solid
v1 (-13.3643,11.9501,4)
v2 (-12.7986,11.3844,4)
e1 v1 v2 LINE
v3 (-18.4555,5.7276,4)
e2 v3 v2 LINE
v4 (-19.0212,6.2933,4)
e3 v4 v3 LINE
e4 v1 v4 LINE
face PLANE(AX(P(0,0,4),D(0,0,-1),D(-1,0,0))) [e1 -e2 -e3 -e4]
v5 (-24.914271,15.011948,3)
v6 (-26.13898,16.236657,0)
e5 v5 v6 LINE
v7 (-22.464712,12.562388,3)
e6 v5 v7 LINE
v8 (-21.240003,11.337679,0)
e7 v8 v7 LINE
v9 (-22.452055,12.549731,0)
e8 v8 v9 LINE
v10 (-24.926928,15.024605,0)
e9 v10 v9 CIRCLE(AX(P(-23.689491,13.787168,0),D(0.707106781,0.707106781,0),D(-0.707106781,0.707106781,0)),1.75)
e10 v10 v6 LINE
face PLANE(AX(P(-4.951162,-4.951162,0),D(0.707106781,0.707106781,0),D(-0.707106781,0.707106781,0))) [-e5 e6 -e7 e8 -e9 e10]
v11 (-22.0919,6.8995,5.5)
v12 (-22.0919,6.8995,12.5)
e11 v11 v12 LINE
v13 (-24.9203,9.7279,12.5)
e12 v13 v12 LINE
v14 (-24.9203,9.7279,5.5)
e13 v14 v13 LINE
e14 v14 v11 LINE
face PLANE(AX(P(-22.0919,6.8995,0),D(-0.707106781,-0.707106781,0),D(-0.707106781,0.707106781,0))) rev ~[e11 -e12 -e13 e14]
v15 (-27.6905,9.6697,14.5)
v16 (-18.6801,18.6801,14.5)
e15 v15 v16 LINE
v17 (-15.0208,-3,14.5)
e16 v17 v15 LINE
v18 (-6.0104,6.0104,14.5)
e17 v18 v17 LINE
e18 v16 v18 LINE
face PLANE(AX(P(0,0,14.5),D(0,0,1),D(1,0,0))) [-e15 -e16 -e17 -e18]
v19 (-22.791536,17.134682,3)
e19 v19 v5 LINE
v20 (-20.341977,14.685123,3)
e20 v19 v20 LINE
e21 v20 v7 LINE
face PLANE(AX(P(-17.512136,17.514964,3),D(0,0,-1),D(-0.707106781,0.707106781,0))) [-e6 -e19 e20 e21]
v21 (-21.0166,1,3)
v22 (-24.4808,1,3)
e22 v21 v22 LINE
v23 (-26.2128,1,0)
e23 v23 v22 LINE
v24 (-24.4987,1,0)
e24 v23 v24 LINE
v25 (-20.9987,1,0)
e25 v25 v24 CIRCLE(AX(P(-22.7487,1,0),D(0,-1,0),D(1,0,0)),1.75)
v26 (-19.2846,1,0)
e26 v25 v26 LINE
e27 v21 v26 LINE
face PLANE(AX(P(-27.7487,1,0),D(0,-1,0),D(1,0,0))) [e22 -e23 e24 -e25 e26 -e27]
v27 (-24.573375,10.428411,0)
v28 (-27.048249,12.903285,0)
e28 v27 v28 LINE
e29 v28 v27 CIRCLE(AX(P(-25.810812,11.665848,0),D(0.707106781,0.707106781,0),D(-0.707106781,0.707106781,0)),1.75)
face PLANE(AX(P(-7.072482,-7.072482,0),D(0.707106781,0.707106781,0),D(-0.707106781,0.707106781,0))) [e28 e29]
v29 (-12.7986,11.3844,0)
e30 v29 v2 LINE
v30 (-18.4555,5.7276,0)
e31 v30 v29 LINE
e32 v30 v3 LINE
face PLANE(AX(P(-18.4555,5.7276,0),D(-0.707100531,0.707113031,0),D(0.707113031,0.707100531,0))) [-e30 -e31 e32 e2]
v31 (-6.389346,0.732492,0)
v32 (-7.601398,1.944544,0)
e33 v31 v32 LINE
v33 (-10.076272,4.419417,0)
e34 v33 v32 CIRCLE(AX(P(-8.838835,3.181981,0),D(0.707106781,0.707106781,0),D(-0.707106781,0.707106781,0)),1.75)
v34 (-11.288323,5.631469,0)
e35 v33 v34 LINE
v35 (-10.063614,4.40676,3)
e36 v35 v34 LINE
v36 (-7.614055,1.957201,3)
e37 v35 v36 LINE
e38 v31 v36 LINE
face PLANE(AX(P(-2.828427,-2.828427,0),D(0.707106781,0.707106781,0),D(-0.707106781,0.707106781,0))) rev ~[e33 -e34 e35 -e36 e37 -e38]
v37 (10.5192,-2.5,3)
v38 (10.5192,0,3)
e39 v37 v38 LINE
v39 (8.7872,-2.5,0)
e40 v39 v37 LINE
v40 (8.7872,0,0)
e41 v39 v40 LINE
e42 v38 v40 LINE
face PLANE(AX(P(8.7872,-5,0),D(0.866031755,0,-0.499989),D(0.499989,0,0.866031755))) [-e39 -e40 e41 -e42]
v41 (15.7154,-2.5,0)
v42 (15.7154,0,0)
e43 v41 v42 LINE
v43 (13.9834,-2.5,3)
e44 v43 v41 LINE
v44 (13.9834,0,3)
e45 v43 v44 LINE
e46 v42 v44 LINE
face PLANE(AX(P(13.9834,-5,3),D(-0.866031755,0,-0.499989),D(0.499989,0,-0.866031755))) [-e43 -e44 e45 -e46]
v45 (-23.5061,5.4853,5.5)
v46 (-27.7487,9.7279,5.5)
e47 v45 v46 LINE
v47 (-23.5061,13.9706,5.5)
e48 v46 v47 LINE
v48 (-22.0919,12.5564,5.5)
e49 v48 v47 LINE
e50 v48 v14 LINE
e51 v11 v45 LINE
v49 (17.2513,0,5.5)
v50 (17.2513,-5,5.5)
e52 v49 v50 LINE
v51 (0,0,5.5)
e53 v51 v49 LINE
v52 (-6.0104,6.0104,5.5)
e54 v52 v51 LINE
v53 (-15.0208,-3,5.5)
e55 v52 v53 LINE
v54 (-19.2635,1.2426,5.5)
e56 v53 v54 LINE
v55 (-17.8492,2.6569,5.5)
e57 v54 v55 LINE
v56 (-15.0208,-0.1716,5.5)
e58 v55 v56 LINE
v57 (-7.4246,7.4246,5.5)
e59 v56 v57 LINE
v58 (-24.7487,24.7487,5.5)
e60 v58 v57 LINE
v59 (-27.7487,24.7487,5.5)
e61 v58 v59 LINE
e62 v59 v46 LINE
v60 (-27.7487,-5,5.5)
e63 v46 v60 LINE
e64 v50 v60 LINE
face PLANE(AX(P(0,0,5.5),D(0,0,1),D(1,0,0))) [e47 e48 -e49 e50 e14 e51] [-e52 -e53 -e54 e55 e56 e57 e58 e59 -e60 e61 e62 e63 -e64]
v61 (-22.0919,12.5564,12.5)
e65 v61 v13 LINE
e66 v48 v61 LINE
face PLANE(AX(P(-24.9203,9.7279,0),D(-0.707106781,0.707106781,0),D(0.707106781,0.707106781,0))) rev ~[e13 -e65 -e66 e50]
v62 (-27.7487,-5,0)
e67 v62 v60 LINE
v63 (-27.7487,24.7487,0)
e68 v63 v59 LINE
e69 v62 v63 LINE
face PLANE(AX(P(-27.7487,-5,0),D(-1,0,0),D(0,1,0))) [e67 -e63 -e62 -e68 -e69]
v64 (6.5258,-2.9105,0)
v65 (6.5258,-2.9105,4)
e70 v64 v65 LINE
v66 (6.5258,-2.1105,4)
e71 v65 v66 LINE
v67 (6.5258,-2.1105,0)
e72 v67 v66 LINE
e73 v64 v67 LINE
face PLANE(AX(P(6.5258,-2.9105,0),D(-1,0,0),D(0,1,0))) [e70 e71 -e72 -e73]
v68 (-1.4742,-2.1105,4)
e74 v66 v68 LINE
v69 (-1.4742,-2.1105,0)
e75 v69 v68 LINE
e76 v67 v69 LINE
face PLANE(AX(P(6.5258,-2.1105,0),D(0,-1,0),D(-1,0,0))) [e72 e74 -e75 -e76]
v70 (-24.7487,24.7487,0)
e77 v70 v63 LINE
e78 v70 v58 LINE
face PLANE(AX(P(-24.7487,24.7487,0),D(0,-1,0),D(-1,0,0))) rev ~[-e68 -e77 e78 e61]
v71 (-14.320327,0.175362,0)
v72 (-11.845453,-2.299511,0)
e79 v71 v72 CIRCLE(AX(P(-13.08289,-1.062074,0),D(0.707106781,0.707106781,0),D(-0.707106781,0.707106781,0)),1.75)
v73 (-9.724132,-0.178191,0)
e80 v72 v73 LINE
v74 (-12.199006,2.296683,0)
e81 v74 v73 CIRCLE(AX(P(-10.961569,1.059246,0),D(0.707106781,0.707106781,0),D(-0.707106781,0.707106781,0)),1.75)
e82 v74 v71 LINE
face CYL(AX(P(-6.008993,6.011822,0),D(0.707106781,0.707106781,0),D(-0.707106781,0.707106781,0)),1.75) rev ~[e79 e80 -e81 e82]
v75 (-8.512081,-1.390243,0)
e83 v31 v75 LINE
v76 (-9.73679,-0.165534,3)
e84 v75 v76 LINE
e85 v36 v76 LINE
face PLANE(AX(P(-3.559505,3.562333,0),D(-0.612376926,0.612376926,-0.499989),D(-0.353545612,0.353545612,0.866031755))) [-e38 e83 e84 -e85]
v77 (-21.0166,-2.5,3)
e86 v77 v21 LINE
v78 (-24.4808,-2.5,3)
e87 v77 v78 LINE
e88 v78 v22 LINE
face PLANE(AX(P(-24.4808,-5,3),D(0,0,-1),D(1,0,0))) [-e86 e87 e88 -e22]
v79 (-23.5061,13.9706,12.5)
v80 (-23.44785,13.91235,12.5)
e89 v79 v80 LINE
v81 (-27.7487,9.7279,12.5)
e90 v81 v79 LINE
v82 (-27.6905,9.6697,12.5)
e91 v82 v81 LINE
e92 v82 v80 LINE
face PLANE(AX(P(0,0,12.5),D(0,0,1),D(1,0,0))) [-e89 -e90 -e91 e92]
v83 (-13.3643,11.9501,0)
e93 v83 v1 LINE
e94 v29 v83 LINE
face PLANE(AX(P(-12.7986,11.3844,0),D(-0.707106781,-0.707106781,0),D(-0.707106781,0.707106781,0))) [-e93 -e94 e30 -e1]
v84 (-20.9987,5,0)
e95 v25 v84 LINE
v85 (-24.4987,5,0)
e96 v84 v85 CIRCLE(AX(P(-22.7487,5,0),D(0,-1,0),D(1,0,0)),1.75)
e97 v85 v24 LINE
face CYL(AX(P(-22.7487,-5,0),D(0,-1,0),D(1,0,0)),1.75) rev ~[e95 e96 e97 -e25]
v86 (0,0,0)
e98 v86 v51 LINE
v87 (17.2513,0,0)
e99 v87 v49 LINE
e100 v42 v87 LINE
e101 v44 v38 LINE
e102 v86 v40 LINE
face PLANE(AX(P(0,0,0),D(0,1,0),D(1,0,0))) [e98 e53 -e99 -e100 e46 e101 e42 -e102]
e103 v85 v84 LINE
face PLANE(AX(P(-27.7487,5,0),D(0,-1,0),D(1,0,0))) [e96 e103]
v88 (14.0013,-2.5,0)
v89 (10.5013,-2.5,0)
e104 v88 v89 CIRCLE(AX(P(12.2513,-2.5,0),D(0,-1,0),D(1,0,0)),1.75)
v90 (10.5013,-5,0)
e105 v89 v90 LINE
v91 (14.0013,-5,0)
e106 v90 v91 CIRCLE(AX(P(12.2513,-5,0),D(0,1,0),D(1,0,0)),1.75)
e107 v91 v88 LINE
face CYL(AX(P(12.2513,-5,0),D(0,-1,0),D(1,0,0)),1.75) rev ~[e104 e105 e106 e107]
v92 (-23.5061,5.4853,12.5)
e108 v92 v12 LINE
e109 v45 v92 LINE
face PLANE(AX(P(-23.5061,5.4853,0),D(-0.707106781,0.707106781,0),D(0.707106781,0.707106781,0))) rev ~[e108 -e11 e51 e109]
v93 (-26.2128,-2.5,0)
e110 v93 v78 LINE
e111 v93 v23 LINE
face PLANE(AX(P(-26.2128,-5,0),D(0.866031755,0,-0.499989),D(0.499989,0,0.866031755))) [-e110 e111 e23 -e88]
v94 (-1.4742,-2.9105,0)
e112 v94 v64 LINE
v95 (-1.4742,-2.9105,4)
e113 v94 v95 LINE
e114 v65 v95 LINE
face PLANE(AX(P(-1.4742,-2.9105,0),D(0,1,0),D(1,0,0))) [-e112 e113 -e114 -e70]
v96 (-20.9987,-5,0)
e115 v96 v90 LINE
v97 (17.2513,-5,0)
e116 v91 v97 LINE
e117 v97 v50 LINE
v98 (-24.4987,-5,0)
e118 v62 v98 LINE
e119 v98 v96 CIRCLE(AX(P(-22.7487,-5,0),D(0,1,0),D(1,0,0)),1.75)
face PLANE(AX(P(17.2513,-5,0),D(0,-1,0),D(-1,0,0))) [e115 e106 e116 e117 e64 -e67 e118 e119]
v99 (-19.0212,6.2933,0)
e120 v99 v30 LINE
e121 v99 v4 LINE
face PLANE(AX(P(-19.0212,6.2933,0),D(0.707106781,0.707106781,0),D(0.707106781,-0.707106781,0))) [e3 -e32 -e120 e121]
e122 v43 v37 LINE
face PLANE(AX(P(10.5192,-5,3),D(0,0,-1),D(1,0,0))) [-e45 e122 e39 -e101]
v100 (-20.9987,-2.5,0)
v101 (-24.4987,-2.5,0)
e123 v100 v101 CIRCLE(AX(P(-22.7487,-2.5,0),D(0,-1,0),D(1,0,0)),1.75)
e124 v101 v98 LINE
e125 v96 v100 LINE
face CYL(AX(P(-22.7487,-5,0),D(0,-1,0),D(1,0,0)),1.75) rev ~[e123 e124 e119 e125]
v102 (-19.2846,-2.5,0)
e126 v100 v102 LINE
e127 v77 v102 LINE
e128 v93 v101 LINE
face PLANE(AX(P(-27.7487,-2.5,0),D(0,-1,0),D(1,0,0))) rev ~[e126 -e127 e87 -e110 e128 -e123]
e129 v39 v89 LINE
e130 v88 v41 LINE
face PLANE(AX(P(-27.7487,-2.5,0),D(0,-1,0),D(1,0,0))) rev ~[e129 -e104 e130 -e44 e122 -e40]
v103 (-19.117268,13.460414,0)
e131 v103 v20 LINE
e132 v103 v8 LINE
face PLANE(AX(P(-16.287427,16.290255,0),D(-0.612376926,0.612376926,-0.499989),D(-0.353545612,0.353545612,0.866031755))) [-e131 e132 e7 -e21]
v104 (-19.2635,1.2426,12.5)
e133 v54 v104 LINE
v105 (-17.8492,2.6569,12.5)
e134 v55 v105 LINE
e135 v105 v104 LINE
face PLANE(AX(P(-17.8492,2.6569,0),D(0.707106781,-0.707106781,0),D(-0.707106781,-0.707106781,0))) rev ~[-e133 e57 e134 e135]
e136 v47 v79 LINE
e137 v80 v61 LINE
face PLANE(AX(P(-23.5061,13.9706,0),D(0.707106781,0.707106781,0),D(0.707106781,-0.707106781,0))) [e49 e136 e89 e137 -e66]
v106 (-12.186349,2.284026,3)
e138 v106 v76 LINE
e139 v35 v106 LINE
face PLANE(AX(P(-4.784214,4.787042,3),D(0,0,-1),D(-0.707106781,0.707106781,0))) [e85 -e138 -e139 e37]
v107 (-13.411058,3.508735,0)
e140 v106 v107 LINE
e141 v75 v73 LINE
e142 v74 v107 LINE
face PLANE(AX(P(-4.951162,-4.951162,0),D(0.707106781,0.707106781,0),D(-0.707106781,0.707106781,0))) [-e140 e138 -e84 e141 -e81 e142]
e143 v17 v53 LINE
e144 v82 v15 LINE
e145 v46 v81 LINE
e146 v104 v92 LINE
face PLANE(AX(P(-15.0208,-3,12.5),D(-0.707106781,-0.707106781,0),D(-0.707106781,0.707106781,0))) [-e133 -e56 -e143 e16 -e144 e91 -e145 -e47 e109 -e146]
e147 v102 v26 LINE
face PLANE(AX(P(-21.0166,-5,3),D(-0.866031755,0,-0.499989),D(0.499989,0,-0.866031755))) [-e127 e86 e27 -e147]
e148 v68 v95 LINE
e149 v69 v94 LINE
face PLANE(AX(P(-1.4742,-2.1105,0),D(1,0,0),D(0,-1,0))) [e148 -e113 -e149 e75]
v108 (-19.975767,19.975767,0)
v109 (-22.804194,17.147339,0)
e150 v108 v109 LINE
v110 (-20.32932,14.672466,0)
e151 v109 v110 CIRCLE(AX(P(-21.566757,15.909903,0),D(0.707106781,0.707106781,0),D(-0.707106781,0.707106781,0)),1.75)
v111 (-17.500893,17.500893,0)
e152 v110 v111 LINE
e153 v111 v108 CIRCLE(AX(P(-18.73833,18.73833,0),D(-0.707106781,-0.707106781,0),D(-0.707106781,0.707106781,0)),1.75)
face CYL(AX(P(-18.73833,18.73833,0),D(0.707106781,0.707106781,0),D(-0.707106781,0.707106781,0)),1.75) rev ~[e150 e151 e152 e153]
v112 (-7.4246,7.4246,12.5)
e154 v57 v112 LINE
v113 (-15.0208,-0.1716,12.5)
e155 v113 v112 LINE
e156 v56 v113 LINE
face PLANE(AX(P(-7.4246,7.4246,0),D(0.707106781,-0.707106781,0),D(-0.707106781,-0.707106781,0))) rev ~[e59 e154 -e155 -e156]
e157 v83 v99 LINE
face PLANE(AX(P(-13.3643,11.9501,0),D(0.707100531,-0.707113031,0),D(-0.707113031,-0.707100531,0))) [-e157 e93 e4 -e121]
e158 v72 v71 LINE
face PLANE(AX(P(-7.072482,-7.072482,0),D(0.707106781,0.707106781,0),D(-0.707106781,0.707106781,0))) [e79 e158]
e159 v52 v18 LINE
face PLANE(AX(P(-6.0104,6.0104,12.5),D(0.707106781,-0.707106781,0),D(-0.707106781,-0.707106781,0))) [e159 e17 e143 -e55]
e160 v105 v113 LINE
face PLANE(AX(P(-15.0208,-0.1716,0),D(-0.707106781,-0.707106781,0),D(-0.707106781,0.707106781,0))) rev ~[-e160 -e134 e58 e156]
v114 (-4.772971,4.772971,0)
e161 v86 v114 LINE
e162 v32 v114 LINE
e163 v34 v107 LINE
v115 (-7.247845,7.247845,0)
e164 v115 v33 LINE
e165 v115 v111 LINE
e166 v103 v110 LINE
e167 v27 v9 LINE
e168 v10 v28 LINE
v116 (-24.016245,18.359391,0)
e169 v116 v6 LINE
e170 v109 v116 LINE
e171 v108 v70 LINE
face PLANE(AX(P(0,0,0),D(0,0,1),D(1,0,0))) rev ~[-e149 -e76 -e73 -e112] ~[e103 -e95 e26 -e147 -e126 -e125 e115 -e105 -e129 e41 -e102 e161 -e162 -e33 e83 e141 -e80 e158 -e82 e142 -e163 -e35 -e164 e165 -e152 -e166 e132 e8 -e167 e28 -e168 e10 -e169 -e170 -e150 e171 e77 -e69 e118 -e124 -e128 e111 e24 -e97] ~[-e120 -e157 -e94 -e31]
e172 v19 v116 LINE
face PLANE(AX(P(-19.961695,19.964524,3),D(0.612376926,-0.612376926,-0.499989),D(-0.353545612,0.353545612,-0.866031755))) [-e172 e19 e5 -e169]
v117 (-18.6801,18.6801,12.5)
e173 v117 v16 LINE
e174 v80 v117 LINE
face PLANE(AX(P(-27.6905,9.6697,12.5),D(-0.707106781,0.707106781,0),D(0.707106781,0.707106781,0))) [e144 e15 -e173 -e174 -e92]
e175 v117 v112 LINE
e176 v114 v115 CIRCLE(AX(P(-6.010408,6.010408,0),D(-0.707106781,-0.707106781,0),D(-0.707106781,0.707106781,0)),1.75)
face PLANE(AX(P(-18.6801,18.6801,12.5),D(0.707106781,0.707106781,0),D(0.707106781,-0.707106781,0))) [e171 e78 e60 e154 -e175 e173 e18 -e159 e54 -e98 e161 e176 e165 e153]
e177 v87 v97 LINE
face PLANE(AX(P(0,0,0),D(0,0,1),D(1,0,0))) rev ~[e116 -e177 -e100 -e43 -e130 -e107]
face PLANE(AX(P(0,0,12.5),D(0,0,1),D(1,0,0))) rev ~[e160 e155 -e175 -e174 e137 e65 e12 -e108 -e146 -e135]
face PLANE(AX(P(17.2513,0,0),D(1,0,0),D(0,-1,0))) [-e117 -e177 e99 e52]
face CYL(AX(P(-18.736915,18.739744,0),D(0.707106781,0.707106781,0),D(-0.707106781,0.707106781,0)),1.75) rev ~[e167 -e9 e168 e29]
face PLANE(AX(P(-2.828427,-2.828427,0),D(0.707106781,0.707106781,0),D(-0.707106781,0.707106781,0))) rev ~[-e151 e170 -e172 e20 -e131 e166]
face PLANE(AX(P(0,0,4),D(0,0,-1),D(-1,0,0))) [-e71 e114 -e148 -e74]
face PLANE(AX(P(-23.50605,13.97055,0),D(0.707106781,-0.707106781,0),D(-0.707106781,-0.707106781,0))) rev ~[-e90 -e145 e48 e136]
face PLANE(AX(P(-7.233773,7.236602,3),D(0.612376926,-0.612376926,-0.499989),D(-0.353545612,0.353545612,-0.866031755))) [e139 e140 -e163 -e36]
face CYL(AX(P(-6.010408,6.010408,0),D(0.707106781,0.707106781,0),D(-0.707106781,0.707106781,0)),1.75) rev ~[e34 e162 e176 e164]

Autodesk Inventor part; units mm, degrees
ref_plane "YZ Plane" through (0, 0, 0) normal (1, 0, 0) x (0, 1, 0)
ref_plane "XZ Plane" through (0, 0, 0) normal (0, 1, 0) x (-1, 0, 0)
ref_plane "XY Plane" through (0, 0, 0) normal (0, 0, 1) x (1, 0, 0)
sketch "Base" plane through (0, 0, 0) normal (0, 0, 1) x (1, 0, 0)
  line L0 (0, 0) -> (-24.7487, 24.7487)
  line L1 (0, 0) -> (35, 0) construction
  line L2 (-24.7487, 24.7487) -> (-24.7487, 0)
  line L3 (-24.7487, 0) -> (0, 0)
  line L4 (-24.7487, 24.7487) -> (-27.7487, 24.7487)
  line L5 (-27.7487, 24.7487) -> (-27.7487, 0)
  line L6 (-27.7487, 0) -> (-24.7487, 0)
  line L7 (-24.7487, 0) -> (-24.7487, 24.7487)
  line L8 (-27.7487, 0) -> (17.2513, 0)
  line L9 (17.2513, 0) -> (17.2513, -5)
  line L10 (17.2513, -5) -> (-27.7487, -5)
  line L11 (-27.7487, -5) -> (-27.7487, 0)
  line L12 (3, 15.0208) -> (-9.7279, 27.7487)
  line L13 (-9.7279, 27.7487) -> (-27.7487, 9.7279)
  line L14 (-27.7487, 9.7279) -> (-15.0208, -3)
  line L15 (-15.0208, -3) -> (3, 15.0208)
  line L16 (3, 15.0208) -> (-27.7487, 9.7279) construction
  line L17 (-9.7279, 27.7487) -> (-15.0208, -3) construction
  line L18 (-24.9203, 9.7279) -> (-9.7279, 24.9203)
  line L19 (-9.7279, 24.9203) -> (0.1716, 15.0208)
  line L20 (0.1716, 15.0208) -> (-15.0208, -0.1716)
  line L21 (-15.0208, -0.1716) -> (-24.9203, 9.7279)
  line L22 (-18.7383, 18.7383) -> (-17.3241, 17.3241)
  line L23 (-7.4246, 7.4246) -> (-6.0104, 6.0104)
  line L24 (-27.7487, 9.7279) -> (-23.5061, 13.9706)
  line L25 (-23.5061, 13.9706) -> (-22.0919, 12.5564)
  line L26 (-22.0919, 12.5564) -> (-26.3345, 8.3137)
  line L27 (-26.3345, 8.3137) -> (-27.7487, 9.7279)
  line L28 (-23.5061, 5.4853) -> (-19.2635, 1.2426)
  line L29 (-16.435, 4.0711) -> (-23.5061, 5.4853) construction
  line L30 (-20.6777, 8.3137) -> (-19.2635, 1.2426) construction
  line L31 (-6.0104, 6.0104) -> (-7.4246, 7.4246)
  line L32 (-7.4246, 7.4246) -> (-16.435, -1.5858)
  line L33 (-16.435, -1.5858) -> (-15.0208, -3)
  line L34 (-15.0208, -3) -> (-6.0104, 6.0104)
  line L35 (-15.0208, -0.1716) -> (-17.8492, 2.6569)
  line L36 (-17.8492, 2.6569) -> (-19.2635, 1.2426)
  line L37 (-19.2635, 1.2426) -> (-16.435, -1.5858)
  line L38 (-16.435, -1.5858) -> (-15.0208, -0.1716)
  line L39 (-26.3345, 8.3137) -> (-23.5061, 5.4853)
  line L40 (-23.5061, 5.4853) -> (-22.0919, 6.8995)
  line L41 (-22.0919, 6.8995) -> (-24.9203, 9.7279)
  line L42 (-24.9203, 9.7279) -> (-26.3345, 8.3137)
  point P0 (-12.3744, 12.3744)
  point P1 (-19.9706, 4.7782)
  dimension "d0" = 35
  dimension "d1" = 135
  dimension "d2" = 3
  dimension "d3" = 45
  dimension "d4" = 5
  dimension "d5" = 18
  dimension "d6" = 2
  dimension "d7" = 6
extrude "Extrusion1" add sketch "Base" along normal blind 5.5 contours L3 L15 L0 | L8 L9 L10 L11 L6 L3 L14 L15 | L15 L3 L20 L0 | L15 L14 L32 L20 L3 | L20 L3 L21 L2 L18 L0 | L20 L21 L3 | L18 L25 L13 L0 | L21 L32 L14 L3 | L3 L14 L36 L21 | L13 L2 L0 | L18 L2 L13 L25 | L3 L2 L14 | L36 L14 L40 L21 | L5 L14 L2 L6 | L2 L13 L5 L4 | L18 L26 L14 L13 L2 | L2 L21 L18 | L40 L14 L2 L21 | L2 L14 L26 L21
extrude "Extrusion2" add sketch "Base" along normal blind 12.5 contours L15 L3 L20 L0 | L15 L14 L32 L20 L3 | L21 L32 L14 L3 | L3 L14 L36 L21 | L18 L2 L13 L25 | L18 L26 L14 L13 L2 | L40 L14 L2 L21 | L2 L14 L26 L21
sketch "TouchProtection" plane through (0, 0, 12.5) normal (0, 0, 1) x (1, 0, 0)
  line L0 (-6.0104, 6.0104) -> (-15.0208, -3) projected
  line L1 (-6.0104, 6.0104) -> (-15.0208, -3)
  line L2 (-15.0208, -3) -> (-27.6905, 9.6697)
  line L3 (-27.6905, 9.6697) -> (-18.6801, 18.6801)
  line L4 (-18.6801, 18.6801) -> (-6.0104, 6.0104)
  point P0 (0, 0)
extrude "Extrusion3" add sketch "TouchProtection" along normal blind 2
sketch "MountingHolesBottom" plane through (-27.7487, -5, 0) normal (0, -1, 0) x (1, 0, 0)
  line L0 (0, 0) -> (5, 0)
  line L1 (45, 0) -> (40, 0)
  circle A0 centre (5, 0) radius 1.75
  circle A1 centre (40, 0) radius 1.75
  line L2 (5, 0) -> (5, 3)
  line L3 (5, 0) -> (8, 0) construction
  line L4 (6.7321, 3) -> (8.4641, 0)
  line L5 (8.4641, 0) -> (6.7321, -3)
  line L6 (6.7321, -3) -> (3.2679, -3)
  line L7 (3.2679, -3) -> (1.5359, 0)
  line L8 (1.5359, 0) -> (3.2679, 3)
  line L9 (3.2679, 3) -> (6.7321, 3)
  line L10 (40, 0) -> (40, 3)
  line L11 (41.7321, 3) -> (43.4641, 0)
  line L12 (43.4641, 0) -> (41.7321, -3)
  line L13 (41.7321, -3) -> (38.2679, -3)
  line L14 (38.2679, -3) -> (36.5359, 0)
  line L15 (36.5359, 0) -> (38.2679, 3)
  line L16 (38.2679, 3) -> (41.7321, 3)
  line L17 (1.5359, 0) -> (43.4641, 0)
  point P0 (27.7487, 0)
  dimension "d15" = 5
  dimension "d16" = 5
  dimension "d17" = 3.5
  dimension "d18" = 3.5
  dimension "d19" = 3
  dimension "d20" = 90
  dimension "d21" = 3
extrude "Extrusion4" cut sketch "MountingHolesBottom" against normal blind 10 contours A0 L2 L0 | L0 L17 A0 | L2 A0 L17 | L17 L1 A1 | A1 L10 L17 | A1 L1 L10
extrude "Extrusion5" cut sketch "MountingHolesBottom" against normal blind 6 contours L8 L9 L2 A0 L0 | L0 A0 L17 L5 L6 L7 | L15 L16 L10 A1 L17 | L17 A1 L1 L12 L13 L14 | L2 L9 L4 L17 A0 | L16 L11 L1 A1 L10
extrude "Extrusion6" add sketch "MountingHolesBottom" against normal blind 2.5 contours L8 L9 L2 A0 L0 | L0 A0 L17 L5 L6 L7 | L15 L16 L10 A1 L17 | L17 A1 L1 L12 L13 L14 | L2 L9 L4 L17 A0 | L16 L11 L1 A1 L10
sketch "MountingHolesE27" plane through (0, 0, 0) normal (0.7071, 0.7071, 0) x (-0.7071, 0.7071, 0)
  line L0 (0, 0) -> (0, 5.5) projected
  line L1 (0, 0) -> (8.5, 0)
  line L2 (0, 0) -> (35, 0) projected
  line L3 (8.5, 0) -> (26.5, 0)
  circle A0 centre (8.5, 0) radius 1.75
  circle A1 centre (26.5, 0) radius 1.75
  line L4 (8.5, 0) -> (8.5, 3)
  line L5 (26.5, 0) -> (26.5, 3)
  line L6 (26.5, 0) -> (29.5, 0) construction
  line L7 (28.2321, 3) -> (29.9641, 0)
  line L8 (29.9641, 0) -> (28.2321, -3)
  line L9 (28.2321, -3) -> (24.7679, -3)
  line L10 (24.7679, -3) -> (23.0359, 0)
  line L11 (23.0359, 0) -> (24.7679, 3)
  line L12 (24.7679, 3) -> (28.2321, 3)
  line L13 (10.2321, 3) -> (11.9641, 0)
  line L14 (11.9641, 0) -> (10.2321, -3)
  line L15 (10.2321, -3) -> (6.7679, -3)
  line L16 (6.7679, -3) -> (5.0359, 0)
  line L17 (5.0359, 0) -> (6.7679, 3)
  line L18 (6.7679, 3) -> (10.2321, 3)
  dimension "d30" = 8.5
  dimension "d31" = 18
  dimension "d32" = 180
  dimension "d33" = 3.5
  dimension "d34" = 3.5
  dimension "d35" = 3
  dimension "d36" = 3
  dimension "d37" = 90
extrude "Extrusion8" cut sketch "MountingHolesE27" against normal blind 10 contours A0 L4 L1 | L1 L2 A0 | L4 A0 L2 | A1 L5 L2 | L2 A1 | L5 A1 L2
extrude "Extrusion9" cut sketch "MountingHolesE27" against normal blind 7 contours L17 L18 L4 A0 L1 | L1 A0 L2 L14 L15 L16 | L11 L12 L5 A1 L2 | L2 A1 L8 L9 L10 | L4 L18 L13 L2 A0 | L5 L12 L7 L2 A1
extrude "Extrusion10" add sketch "MountingHolesE27" against normal blind 4 contours L17 L18 L4 A0 L1 | L1 A0 L2 L14 L15 L16 | L11 L12 L5 A1 L2 | L2 A1 L8 L9 L10 | L4 L18 L13 L2 A0 | L5 L12 L7 L2 A1
sketch "Sketch7" plane through (0, 0, 0) normal (0, 0, -1) x (-1, 0, 0)
  line L0 (-17.2513, -5) -> (-17.2513, 0) projected
  line L1 (24.7487, 24.7487) -> (27.7487, 24.7487) projected
  line L2 (-17.2513, -5) -> (27.7487, -5)
  line L3 (27.7487, -5) -> (27.7487, 24.7487)
  line L4 (27.7487, 24.7487) -> (-17.2513, 24.7487)
  line L5 (-17.2513, 24.7487) -> (-17.2513, -5)
  point P0 (0, 0)
extrude "Extrusion11" cut sketch "Sketch7" along normal blind 21.25
sketch "Sketch8" plane through (0, 0, 0) normal (0, 0, -1) x (-1, 0, 0)
  line L0 (7.2478, 7.2478) -> (17.5009, 17.5009) projected
  line L1 (12.3744, 12.3744) -> (13.0815, 11.6673)
  line L2 (12.3744, 12.3744) -> (13.3744, 12.3744) construction
  line L3 (13.0815, 11.6673) -> (15.9099, 8.8388)
  line L4 (18.4555, 5.7276) -> (12.7986, 11.3844)
  line L5 (12.7986, 11.3844) -> (13.3643, 11.9501)
  line L6 (13.3643, 11.9501) -> (19.0212, 6.2933)
  line L7 (19.0212, 6.2933) -> (18.4555, 5.7276)
  line L8 (18.4555, 5.7276) -> (13.3643, 11.9501) construction
  line L9 (12.7986, 11.3844) -> (19.0212, 6.2933) construction
  line L10 (-10.5258, -5.0105) -> (-2.5258, -5.0105)
  line L11 (20.9987, -5) -> (-10.5013, -5) projected
  line L12 (-10.5258, -5.0105) -> (-2.5258, -5.0105) construction
  line L13 (-2.5258, -5.0105) -> (-2.5258, -2.5105)
  line L14 (-6.5258, -2.1105) -> (1.4742, -2.1105)
  line L15 (1.4742, -2.1105) -> (1.4742, -2.9105)
  line L16 (1.4742, -2.9105) -> (-6.5258, -2.9105)
  line L17 (-6.5258, -2.9105) -> (-6.5258, -2.1105)
  line L18 (-6.5258, -2.1105) -> (1.4742, -2.9105) construction
  line L19 (1.4742, -2.1105) -> (-6.5258, -2.9105) construction
  point P0 (0, 0)
  dimension "d46" = 1
  dimension "d47" = 45
  dimension "d48" = 4
  dimension "d49" = 0.8
  dimension "d50" = 8
  dimension "d51" = 0
  dimension "d52" = 2.5
  dimension "d53" = 8
  dimension "d54" = 0.8
extrude "Extrusion12" cut sketch "Sketch8" against normal blind 4
properties part number "e27_Holder_v2"
